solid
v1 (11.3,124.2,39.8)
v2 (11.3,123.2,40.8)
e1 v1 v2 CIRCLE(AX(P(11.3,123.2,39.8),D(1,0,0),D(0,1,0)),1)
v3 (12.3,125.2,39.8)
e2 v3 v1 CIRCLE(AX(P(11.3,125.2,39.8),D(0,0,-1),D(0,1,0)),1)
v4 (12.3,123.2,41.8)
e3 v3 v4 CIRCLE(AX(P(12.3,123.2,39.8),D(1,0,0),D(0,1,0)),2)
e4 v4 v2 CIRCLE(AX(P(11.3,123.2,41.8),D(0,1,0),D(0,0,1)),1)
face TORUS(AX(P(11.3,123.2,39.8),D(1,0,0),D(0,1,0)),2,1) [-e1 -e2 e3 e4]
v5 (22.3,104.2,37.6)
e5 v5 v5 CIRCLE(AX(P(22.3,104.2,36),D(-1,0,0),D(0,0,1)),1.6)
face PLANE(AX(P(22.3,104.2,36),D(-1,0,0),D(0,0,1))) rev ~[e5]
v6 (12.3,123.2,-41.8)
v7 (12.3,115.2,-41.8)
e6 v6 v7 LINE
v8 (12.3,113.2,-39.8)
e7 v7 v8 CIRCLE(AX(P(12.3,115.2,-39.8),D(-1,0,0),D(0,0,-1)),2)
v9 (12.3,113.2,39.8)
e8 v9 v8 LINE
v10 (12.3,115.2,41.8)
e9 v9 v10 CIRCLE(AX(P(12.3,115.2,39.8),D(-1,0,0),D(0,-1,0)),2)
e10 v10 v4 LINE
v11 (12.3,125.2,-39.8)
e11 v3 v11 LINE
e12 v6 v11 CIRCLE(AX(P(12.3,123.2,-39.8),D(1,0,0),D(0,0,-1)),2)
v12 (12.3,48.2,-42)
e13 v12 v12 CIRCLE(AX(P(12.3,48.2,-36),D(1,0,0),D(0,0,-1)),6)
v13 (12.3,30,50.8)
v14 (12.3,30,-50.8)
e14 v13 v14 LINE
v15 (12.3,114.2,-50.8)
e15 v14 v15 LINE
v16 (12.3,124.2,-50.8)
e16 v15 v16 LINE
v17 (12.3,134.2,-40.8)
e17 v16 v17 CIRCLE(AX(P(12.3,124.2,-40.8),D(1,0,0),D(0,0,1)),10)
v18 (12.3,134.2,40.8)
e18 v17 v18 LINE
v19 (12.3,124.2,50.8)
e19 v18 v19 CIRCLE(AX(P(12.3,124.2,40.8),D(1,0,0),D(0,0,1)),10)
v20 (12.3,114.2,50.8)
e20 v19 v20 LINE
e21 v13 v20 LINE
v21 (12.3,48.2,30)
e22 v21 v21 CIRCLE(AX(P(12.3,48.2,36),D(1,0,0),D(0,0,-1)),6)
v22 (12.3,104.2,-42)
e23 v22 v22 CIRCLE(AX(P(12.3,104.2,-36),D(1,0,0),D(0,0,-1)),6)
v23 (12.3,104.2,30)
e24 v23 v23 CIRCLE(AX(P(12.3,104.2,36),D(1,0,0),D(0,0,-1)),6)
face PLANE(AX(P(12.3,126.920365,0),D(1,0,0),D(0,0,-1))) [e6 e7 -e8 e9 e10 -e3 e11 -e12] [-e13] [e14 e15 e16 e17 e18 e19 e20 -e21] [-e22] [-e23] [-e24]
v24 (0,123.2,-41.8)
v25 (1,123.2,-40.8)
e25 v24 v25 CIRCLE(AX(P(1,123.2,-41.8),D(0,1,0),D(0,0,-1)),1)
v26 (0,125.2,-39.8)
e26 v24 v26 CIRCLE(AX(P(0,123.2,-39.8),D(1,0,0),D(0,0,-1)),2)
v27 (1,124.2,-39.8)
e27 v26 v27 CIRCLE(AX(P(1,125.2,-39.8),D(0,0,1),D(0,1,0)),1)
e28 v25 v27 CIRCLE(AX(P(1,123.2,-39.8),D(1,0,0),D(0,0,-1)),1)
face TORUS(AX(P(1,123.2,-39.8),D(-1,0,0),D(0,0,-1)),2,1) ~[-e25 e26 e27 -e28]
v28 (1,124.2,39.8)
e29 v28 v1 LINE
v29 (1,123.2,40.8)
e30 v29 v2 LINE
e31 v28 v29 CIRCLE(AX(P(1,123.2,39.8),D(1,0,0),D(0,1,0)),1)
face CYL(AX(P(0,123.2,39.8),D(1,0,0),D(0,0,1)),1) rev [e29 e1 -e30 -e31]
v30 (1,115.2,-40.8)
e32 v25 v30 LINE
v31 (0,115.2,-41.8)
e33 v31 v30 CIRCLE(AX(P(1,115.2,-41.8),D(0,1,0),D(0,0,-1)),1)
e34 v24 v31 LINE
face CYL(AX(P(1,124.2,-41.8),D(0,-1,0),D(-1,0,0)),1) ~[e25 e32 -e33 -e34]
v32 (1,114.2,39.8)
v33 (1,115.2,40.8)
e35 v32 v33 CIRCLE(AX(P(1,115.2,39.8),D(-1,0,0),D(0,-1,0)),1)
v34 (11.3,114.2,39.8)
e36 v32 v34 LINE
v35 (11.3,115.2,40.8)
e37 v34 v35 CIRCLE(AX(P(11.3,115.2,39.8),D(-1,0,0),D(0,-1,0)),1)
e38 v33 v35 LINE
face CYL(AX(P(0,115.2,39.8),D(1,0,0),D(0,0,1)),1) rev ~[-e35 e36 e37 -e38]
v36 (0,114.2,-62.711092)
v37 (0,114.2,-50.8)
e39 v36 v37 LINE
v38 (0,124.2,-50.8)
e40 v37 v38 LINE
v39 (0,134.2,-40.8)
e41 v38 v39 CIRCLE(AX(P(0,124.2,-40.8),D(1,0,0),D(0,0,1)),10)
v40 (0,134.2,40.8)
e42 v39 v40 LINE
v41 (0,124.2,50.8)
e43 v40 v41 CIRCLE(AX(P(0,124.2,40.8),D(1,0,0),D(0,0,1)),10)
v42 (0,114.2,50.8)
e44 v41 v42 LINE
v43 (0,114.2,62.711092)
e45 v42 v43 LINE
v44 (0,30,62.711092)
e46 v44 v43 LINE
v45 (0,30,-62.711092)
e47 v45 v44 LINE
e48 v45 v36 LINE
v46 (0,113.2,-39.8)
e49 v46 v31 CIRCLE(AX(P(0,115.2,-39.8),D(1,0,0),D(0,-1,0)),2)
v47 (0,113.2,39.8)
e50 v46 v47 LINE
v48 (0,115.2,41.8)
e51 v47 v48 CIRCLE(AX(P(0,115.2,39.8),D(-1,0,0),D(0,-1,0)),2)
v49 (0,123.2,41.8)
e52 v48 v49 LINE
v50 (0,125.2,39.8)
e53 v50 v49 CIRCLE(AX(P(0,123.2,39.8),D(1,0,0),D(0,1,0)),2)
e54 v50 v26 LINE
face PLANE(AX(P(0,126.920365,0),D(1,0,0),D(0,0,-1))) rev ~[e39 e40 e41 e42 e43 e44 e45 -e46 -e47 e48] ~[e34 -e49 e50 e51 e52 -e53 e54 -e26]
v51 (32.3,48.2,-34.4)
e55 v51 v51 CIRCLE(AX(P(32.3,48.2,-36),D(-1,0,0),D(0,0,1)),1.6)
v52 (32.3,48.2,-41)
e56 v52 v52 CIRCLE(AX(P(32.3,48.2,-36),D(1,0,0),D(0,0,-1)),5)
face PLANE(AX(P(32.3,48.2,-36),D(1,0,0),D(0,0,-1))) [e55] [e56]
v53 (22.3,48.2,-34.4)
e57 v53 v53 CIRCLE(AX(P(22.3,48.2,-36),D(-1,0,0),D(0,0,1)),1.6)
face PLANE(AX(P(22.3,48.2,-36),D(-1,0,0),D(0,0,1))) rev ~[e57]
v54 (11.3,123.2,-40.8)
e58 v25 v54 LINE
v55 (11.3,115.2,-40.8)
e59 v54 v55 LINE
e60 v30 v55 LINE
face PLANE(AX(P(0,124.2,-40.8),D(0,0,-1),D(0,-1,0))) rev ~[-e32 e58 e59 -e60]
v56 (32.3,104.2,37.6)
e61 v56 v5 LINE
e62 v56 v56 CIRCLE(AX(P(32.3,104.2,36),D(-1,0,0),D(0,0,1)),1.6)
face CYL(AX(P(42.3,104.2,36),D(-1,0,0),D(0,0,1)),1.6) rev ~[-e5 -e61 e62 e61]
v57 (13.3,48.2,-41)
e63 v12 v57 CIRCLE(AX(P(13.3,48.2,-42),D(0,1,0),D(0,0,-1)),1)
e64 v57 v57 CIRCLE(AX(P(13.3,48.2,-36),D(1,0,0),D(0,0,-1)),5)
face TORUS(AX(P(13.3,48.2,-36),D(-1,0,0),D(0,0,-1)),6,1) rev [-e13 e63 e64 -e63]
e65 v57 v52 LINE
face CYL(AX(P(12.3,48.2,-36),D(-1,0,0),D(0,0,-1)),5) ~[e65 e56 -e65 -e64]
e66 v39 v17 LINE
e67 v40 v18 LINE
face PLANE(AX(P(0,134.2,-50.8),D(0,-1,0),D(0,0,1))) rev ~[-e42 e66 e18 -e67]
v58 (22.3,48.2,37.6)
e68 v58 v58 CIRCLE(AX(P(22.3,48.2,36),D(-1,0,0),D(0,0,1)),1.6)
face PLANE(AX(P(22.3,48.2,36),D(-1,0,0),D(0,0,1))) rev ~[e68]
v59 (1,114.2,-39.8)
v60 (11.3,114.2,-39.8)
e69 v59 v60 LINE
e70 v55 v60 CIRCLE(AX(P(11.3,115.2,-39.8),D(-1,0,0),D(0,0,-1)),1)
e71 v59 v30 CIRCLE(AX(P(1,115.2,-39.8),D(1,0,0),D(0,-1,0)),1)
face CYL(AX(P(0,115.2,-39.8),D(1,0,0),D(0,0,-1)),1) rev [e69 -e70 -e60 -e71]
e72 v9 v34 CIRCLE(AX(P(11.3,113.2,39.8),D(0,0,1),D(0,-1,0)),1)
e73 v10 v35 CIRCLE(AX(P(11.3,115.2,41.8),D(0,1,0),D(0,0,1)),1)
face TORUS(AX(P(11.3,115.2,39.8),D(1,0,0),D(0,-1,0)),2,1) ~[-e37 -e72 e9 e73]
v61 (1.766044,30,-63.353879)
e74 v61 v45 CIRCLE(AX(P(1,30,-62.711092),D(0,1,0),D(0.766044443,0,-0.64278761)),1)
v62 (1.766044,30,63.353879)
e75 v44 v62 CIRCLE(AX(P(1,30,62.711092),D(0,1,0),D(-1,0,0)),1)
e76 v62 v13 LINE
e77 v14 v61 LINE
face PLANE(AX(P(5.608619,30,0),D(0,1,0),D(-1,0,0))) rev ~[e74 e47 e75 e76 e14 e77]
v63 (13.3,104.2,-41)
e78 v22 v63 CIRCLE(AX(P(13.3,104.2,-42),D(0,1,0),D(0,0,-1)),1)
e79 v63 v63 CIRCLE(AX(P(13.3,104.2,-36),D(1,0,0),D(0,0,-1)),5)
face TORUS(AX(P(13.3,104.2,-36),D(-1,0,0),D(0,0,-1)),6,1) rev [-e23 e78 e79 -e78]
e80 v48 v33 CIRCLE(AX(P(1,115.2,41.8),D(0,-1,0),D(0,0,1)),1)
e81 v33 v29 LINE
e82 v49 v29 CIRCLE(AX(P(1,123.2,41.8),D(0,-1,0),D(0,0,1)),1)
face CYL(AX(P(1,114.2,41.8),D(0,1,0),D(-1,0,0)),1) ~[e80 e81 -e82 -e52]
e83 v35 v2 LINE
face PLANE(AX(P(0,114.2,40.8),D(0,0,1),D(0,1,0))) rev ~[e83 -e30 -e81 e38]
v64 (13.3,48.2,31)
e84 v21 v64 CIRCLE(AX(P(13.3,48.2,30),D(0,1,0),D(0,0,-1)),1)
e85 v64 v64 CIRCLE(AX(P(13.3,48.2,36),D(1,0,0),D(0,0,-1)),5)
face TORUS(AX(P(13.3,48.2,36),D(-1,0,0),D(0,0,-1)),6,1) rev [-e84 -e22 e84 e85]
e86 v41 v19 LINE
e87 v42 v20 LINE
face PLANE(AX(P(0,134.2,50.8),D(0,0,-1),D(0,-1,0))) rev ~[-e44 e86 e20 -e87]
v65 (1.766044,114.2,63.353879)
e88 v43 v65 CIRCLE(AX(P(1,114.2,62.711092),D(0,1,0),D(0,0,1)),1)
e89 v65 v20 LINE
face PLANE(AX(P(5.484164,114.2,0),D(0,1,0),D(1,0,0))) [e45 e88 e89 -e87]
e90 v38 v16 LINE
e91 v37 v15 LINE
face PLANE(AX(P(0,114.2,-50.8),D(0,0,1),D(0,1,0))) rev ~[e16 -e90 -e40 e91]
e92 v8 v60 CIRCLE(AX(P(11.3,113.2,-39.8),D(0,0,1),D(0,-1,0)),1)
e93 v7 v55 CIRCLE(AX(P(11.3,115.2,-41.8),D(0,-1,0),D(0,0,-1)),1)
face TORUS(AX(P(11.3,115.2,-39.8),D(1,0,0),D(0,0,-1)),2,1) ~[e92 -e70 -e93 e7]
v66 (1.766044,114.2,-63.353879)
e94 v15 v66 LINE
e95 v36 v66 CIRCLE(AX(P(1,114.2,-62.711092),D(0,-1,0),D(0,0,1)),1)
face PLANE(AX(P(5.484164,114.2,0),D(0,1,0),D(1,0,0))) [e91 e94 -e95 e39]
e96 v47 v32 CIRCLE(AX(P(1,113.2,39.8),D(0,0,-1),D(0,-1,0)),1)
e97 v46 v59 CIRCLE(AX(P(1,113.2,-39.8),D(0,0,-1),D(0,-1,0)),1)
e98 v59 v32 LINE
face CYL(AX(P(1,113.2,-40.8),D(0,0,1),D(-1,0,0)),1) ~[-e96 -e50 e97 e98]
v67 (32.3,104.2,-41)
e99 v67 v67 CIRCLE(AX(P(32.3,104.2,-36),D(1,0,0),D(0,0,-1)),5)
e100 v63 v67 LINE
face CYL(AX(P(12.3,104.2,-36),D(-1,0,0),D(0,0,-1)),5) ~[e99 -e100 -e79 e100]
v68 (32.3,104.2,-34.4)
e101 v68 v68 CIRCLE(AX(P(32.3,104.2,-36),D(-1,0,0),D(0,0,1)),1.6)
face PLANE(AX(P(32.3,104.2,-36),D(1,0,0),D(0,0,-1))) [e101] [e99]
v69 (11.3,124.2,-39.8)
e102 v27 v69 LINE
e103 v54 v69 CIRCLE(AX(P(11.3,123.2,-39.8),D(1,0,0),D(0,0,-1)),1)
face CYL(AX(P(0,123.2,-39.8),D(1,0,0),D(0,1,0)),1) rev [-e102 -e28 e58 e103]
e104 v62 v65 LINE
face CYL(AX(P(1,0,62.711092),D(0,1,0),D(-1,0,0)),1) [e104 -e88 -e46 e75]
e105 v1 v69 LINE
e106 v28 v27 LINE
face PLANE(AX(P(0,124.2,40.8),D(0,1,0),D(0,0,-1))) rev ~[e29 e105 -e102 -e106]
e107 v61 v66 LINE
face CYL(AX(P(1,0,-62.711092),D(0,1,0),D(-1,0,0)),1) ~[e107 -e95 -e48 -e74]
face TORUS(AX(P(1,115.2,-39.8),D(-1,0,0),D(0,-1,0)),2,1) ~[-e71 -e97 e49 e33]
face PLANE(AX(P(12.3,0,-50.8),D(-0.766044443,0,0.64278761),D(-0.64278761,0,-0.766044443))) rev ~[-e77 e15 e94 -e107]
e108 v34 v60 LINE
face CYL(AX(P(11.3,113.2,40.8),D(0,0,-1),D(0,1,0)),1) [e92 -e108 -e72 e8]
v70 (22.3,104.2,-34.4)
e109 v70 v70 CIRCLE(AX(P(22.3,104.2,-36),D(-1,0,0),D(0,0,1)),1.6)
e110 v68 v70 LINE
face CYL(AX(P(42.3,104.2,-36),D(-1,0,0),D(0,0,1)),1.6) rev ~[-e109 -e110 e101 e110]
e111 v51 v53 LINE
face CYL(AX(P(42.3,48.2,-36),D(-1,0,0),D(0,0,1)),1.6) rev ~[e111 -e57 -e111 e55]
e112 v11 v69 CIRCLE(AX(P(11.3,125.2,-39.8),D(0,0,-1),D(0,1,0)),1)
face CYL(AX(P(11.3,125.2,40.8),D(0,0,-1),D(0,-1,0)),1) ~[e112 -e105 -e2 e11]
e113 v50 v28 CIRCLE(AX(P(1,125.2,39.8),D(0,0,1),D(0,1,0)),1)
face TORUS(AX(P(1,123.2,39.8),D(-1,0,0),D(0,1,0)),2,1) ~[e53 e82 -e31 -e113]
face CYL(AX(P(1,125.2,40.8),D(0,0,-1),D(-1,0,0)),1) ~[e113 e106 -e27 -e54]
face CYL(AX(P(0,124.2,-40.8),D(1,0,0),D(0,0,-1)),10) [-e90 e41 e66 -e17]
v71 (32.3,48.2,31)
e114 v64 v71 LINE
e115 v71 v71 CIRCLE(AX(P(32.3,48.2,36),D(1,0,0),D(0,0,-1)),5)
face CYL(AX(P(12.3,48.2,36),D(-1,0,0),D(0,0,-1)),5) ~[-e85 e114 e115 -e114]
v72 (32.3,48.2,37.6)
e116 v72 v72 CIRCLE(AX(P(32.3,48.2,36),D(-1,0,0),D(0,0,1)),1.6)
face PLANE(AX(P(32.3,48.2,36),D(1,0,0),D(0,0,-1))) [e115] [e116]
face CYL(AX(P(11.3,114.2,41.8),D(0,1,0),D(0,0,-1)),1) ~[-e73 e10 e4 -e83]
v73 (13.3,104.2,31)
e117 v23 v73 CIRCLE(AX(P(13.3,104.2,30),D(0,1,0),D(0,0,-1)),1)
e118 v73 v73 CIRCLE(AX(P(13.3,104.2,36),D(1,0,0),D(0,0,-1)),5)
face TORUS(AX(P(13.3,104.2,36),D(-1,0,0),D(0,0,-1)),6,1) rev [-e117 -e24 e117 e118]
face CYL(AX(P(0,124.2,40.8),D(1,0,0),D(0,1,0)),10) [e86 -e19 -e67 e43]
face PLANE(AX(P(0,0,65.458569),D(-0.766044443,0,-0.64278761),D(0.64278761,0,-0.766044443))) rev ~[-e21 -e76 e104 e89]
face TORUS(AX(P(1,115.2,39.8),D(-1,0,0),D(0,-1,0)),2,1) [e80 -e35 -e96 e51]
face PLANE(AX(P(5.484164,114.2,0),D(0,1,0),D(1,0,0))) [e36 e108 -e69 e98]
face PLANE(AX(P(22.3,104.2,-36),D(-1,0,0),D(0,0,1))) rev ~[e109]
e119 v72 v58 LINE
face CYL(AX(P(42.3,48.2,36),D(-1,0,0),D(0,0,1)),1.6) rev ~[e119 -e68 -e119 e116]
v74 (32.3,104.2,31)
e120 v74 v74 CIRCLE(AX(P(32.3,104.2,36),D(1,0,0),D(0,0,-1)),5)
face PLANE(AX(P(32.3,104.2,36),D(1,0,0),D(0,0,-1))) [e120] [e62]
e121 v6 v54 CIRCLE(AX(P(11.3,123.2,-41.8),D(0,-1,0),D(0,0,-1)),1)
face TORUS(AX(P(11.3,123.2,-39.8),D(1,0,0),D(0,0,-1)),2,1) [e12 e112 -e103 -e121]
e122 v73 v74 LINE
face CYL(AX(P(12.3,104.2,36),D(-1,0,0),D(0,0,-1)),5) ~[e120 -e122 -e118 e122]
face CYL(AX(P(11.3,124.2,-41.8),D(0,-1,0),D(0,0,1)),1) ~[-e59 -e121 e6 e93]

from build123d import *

# Parameters (mm, degrees)
BOSS_EXTRUDE1_DEPTH       = 114.2
SKETCH4_R                 = 5
BOSS_EXTRUDE2_DEPTH       = 20
F_5_0MM_DOWEL_HOLE1_D     = 3.2
F_5_0MM_DOWEL_HOLE1_DEPTH = 10
BOSS_EXTRUDE3_DEPTH       = 12.3
FILLET1_R                 = 10
FILLET2_R                 = 1
CUT_EXTRUDE1_DEPTH        = 30


with BuildPart() as part:
    # Sketch2 → Boss-Extrude1 (new body)
    with BuildSketch(Plane(origin=(0, 0, 0), x_dir=(1, 0, 0), z_dir=(0, 1, 0))):
        Polygon((12.3, -50.8), (12.3, 50.8), (0, 65.458569189), (0, -65.458569189), align=None)
    extrude(amount=BOSS_EXTRUDE1_DEPTH)

    # Sketch4 → Boss-Extrude2 (add)
    with BuildSketch(Plane(origin=(12.3, 0, 0), x_dir=(0, 0, -1), z_dir=(1, 0, 0))):
        with Locations((-36, 104.2)):
            Circle(SKETCH4_R)
        with Locations((36, 104.2)):
            Circle(SKETCH4_R)
        with Locations((36, 48.2)):
            Circle(SKETCH4_R)
        with Locations((-36, 48.2)):
            Circle(SKETCH4_R)
    extrude(amount=BOSS_EXTRUDE2_DEPTH)

    # Ø5.0mm Dowel Hole1
    with Locations(Plane(origin=(32.3, 0, 0), x_dir=(0, 0, -1), z_dir=(1, 0, 0))):
        with Locations((-36, 104.2), (36, 104.2), (36, 48.2), (-36, 48.2)):
            Hole(F_5_0MM_DOWEL_HOLE1_D / 2, depth=F_5_0MM_DOWEL_HOLE1_DEPTH)

    # Sketch8 → Boss-Extrude3 (add)
    with BuildSketch(Plane(origin=(0, 0, 0), x_dir=(0, 0, -1), z_dir=(1, 0, 0))):
        Polygon((-50.8, 114.2), (-40.8, 114.2), (-40.8, 124.2), (40.8, 124.2), (40.8, 114.2), (50.8, 114.2), (50.8, 134.2), (-50.8, 134.2), align=None)
    extrude(amount=BOSS_EXTRUDE3_DEPTH)

    # Fillet1
    fillet1_edges = [part.edges().sort_by_distance(p)[0] for p in [
        (6.15, 134.2, -50.8),
        (6.15, 134.2, 50.8),
    ]]
    fillet(fillet1_edges, radius=FILLET1_R)

    # Fillet2
    fillet2_edges = [part.edges().sort_by_distance(p)[0] for p in [
        (0, 57.1, 65.458569189),
        (12.3, 119.2, -40.8),
        (0, 119.2, -40.8),
        (12.3, 124.2, 0),
        (0, 124.2, 0),
        (12.3, 114.2, 0),
        (12.3, 48.2, -31),
        (12.3, 48.2, 41),
        (12.3, 104.2, 41),
        (12.3, 104.2, -31),
        (12.3, 119.2, 40.8),
        (0, 119.2, 40.8),
        (6.15, 114.2, -40.8),
        (6.15, 124.2, -40.8),
        (6.15, 124.2, 40.8),
        (6.15, 114.2, 40.8),
        (0, 57.1, -65.458569189),
        (0, 114.2, 0),
    ]]
    fillet(fillet2_edges, radius=FILLET2_R)

    # Sketch10 → Cut-Extrude1 (cut)
    with BuildSketch(Plane.XZ):
        with BuildLine():
            Line((12.3, -50.8), (1.766044443, -63.353879379))
            ThreePointArc((1.766044443, -63.353879379), (0.657979857, -63.65078439), (0, -62.711091769))
            Line((0, -62.711091769), (0, 62.711091769))
            ThreePointArc((0, 62.711091769), (0.657979857, 63.65078439), (1.766044443, 63.353879379))
            Line((1.766044443, 63.353879379), (12.3, 50.8))
            Line((12.3, 50.8), (12.3, -50.8))
        make_face()
    extrude(amount=-CUT_EXTRUDE1_DEPTH, mode=Mode.SUBTRACT)


solid = part.part
